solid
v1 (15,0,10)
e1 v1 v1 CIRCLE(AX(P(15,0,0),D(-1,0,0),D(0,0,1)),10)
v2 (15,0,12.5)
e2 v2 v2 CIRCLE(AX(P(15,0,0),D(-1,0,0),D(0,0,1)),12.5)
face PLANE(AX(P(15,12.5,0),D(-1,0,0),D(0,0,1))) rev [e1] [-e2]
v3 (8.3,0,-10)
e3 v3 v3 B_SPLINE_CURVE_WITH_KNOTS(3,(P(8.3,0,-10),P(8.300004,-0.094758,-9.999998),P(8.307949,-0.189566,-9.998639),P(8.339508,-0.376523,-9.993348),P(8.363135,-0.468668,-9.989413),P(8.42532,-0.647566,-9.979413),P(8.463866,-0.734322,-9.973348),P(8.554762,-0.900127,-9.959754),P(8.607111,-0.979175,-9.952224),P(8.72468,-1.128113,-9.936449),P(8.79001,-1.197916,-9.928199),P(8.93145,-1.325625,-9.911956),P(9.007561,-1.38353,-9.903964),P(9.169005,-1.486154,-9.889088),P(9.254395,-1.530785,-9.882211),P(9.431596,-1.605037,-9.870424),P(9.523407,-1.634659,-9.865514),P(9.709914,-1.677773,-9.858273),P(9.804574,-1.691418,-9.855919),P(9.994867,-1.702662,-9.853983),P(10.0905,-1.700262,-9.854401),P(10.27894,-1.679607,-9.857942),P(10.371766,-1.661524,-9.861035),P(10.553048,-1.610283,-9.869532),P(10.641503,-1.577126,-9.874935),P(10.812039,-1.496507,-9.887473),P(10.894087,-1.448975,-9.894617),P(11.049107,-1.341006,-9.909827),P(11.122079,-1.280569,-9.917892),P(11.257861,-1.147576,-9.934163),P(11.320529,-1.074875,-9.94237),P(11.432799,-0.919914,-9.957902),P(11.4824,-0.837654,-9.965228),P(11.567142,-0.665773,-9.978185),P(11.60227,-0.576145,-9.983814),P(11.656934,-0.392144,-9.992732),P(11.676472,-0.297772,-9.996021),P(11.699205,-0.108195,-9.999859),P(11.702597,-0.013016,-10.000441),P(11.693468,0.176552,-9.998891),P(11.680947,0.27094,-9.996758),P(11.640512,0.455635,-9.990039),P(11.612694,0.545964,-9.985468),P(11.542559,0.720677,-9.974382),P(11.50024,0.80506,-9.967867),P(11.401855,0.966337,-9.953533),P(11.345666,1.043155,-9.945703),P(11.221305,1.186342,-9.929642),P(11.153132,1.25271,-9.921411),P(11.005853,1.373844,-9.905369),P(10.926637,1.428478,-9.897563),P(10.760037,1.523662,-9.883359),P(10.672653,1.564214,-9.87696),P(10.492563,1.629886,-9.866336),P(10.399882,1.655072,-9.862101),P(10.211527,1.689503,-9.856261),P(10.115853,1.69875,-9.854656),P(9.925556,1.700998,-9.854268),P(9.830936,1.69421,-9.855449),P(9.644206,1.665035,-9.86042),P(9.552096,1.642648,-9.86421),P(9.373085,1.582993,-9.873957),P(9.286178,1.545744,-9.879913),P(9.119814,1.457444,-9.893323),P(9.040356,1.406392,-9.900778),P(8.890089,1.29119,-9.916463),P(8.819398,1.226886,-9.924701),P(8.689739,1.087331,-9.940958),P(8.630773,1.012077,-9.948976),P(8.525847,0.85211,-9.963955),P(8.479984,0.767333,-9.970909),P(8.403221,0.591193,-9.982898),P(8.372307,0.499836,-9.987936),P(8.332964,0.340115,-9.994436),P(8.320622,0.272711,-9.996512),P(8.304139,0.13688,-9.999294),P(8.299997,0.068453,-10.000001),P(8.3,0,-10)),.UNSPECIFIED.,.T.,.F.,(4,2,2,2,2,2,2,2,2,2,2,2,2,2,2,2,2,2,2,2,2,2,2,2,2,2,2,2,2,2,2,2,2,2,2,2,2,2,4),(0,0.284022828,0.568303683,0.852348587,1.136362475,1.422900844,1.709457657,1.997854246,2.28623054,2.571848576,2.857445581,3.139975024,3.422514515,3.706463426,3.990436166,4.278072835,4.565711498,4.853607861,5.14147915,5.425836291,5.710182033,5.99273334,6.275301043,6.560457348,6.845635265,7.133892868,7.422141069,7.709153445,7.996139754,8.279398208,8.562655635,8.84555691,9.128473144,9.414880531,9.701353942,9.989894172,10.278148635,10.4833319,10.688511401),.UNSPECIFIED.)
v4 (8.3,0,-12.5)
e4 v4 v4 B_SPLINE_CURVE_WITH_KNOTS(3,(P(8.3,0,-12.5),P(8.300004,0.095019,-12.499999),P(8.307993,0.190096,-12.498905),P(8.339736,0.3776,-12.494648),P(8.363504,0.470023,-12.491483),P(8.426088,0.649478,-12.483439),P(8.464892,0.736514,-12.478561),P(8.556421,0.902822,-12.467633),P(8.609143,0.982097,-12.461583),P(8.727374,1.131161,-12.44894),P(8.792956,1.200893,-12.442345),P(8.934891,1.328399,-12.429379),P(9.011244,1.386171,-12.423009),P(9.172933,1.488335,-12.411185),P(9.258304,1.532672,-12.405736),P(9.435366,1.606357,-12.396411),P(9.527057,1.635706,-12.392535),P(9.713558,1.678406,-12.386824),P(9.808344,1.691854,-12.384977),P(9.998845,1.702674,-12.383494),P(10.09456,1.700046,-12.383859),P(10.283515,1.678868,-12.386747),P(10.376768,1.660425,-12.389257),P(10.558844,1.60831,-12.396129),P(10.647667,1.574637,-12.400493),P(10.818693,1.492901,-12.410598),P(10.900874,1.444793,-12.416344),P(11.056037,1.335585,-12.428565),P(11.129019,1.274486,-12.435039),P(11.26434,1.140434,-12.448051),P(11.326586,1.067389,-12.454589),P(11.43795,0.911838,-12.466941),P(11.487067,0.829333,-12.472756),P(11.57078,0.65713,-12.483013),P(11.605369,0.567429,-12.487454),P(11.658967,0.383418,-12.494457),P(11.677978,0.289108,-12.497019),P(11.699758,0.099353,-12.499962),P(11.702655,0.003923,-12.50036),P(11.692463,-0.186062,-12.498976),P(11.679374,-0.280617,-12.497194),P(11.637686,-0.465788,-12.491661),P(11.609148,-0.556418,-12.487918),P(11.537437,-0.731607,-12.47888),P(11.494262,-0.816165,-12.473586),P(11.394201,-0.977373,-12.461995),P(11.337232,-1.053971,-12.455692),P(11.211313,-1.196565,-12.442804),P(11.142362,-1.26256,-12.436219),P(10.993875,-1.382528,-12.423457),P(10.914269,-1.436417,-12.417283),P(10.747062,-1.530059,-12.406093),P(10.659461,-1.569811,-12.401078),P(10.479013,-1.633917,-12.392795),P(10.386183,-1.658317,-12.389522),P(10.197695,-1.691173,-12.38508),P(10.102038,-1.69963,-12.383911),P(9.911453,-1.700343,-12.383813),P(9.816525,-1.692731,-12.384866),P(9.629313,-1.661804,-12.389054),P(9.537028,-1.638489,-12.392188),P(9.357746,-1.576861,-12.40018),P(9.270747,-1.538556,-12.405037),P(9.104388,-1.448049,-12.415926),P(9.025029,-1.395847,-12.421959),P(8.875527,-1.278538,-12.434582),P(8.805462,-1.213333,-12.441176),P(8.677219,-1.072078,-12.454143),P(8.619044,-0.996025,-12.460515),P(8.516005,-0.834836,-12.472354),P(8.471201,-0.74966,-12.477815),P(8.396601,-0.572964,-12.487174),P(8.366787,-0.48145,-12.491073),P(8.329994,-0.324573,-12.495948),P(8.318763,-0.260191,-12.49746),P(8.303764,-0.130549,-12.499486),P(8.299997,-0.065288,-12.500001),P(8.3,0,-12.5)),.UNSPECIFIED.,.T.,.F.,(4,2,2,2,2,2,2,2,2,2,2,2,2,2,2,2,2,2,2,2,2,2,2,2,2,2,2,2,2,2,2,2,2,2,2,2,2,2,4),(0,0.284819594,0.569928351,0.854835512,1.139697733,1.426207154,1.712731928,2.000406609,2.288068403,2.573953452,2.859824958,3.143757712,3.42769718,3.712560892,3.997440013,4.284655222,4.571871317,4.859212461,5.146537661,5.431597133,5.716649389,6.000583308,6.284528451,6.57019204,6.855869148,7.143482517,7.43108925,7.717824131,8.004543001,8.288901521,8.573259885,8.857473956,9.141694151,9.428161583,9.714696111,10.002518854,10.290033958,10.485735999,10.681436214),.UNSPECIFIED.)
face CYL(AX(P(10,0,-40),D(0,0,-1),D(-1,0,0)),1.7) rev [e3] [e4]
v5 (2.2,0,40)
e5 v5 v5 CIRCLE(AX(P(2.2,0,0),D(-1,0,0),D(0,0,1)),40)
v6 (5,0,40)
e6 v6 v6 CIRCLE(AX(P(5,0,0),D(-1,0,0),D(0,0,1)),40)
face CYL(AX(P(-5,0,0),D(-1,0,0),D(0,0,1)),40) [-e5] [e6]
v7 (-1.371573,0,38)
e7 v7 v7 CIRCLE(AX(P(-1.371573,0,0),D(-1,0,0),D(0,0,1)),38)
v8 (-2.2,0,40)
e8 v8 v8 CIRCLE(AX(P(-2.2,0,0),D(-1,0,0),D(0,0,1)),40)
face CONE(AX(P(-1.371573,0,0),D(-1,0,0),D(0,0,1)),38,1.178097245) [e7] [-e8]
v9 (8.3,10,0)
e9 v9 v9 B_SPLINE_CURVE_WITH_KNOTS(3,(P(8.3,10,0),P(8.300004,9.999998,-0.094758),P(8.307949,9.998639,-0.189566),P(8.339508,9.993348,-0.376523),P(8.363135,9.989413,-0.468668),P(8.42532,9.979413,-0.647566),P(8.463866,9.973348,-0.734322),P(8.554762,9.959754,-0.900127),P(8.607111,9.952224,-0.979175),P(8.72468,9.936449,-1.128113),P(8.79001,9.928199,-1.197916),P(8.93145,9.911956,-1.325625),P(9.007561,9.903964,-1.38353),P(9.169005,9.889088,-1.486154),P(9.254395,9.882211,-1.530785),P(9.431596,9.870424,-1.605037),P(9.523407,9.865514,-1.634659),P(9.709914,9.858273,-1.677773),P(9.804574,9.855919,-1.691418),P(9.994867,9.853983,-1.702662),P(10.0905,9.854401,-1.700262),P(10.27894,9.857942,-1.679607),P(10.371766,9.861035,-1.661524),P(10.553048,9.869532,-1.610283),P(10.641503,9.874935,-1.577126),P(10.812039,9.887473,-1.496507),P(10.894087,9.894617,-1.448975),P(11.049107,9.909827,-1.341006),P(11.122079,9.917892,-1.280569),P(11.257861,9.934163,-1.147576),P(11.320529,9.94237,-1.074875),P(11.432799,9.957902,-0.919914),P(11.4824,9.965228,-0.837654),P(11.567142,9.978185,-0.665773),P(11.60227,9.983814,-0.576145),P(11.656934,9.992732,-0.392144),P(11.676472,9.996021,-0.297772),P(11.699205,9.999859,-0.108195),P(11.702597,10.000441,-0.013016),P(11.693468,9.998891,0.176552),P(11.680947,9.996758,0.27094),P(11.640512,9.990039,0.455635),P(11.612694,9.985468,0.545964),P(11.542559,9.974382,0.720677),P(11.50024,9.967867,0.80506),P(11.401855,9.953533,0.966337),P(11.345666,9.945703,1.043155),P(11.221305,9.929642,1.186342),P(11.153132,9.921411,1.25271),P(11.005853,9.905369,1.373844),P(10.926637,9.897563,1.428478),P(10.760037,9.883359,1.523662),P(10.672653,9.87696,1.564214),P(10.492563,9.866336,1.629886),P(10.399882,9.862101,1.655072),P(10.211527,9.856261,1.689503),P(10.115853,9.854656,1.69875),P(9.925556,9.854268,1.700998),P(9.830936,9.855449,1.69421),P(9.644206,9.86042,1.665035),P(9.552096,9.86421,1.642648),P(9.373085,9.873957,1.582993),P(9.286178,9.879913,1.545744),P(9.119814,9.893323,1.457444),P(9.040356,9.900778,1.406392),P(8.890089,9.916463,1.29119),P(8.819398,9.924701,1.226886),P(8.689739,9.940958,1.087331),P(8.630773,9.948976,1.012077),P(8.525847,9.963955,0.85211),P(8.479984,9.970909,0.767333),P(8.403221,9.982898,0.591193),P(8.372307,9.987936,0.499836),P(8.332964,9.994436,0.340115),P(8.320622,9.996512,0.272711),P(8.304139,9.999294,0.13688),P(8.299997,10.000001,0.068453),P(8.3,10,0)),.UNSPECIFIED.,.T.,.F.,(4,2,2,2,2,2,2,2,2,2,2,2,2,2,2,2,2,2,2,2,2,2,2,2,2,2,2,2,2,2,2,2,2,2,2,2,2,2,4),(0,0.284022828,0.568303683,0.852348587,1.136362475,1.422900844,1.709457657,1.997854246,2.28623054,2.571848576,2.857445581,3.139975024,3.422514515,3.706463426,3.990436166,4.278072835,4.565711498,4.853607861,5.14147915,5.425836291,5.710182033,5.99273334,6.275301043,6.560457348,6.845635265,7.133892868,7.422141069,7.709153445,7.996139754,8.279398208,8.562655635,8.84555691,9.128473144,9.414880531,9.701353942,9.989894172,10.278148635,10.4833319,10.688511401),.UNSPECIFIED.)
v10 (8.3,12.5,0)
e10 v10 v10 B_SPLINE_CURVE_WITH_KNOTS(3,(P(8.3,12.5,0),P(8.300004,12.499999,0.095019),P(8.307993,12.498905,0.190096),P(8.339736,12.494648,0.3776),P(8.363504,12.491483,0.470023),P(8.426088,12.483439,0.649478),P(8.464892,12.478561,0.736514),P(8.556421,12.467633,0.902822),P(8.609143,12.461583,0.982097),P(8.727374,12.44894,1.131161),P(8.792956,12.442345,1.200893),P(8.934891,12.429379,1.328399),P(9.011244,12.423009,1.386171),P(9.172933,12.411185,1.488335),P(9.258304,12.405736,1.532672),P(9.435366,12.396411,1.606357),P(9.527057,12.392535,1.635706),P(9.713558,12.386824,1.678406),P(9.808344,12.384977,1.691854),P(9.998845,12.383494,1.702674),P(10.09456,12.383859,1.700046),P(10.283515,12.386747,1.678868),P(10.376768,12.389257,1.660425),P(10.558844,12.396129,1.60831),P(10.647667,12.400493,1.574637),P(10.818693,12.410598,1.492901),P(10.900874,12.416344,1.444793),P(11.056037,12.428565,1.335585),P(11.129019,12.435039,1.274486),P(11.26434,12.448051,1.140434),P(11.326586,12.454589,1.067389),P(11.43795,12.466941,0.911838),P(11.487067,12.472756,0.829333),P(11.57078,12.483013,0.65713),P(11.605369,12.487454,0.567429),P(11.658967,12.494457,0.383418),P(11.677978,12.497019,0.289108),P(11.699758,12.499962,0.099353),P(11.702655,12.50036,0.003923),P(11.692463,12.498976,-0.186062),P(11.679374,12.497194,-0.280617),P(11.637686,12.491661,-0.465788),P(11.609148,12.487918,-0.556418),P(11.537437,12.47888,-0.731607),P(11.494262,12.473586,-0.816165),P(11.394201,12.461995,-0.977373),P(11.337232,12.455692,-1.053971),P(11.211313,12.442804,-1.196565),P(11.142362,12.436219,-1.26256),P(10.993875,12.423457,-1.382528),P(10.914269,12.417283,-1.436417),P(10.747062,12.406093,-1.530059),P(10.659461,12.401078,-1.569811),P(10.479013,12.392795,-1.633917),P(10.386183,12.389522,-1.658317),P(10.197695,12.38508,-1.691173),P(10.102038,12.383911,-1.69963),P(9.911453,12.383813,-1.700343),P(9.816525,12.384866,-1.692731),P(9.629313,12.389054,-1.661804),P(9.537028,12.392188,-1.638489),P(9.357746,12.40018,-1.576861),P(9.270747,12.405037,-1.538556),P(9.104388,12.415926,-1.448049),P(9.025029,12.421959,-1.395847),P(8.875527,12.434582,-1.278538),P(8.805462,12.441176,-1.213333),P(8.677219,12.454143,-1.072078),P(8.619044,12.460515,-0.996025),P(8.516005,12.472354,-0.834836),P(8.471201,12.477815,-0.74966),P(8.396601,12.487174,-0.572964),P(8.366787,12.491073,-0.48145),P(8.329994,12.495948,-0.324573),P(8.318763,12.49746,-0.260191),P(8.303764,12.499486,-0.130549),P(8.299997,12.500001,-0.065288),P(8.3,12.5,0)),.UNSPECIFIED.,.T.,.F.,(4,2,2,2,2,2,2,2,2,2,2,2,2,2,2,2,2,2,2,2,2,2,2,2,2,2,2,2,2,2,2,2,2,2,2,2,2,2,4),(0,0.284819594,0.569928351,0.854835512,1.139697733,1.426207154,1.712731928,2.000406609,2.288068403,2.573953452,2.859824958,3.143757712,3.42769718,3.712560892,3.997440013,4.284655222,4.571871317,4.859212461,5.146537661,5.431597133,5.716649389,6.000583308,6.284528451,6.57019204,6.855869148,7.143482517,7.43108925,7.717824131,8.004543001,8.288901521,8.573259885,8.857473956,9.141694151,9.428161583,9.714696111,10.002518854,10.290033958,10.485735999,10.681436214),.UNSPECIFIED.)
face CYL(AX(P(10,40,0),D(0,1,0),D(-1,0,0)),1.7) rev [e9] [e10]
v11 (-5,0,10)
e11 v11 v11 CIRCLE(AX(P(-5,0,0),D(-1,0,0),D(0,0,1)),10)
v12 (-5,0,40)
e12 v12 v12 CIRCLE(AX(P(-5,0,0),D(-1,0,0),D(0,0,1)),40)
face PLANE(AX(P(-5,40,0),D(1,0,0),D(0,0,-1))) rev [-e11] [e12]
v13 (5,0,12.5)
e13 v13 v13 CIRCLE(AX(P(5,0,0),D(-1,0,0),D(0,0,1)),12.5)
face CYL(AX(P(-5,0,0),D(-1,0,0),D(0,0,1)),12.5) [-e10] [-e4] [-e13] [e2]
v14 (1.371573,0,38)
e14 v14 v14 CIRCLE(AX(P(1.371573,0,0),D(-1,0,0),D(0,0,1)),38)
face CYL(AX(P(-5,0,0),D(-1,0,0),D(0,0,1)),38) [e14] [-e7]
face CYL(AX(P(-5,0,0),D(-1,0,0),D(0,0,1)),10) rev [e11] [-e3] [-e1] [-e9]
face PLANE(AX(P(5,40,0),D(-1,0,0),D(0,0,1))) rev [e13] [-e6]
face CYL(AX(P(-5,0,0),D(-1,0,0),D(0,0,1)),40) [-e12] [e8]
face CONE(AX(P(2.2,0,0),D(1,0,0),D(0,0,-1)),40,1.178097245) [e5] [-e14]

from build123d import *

# Parameters (mm, degrees)
SKETCH_7_W               = 1.7
SKETCH_7_H               = 40
PATTERN_CIRCULAR_2_COUNT = 2
PATTERN_CIRCULAR_2_ANGLE = 90


with BuildPart() as part:
    # 草图6 → 旋转2 (revolve)
    with BuildSketch(Plane.XY, mode=Mode.PRIVATE) as revolve_2_sk:
        Polygon((15, 12.5), (15, 10), (-5, 10), (-5, 40), (-2.2, 40), (-1.371572875, 38), (1.371572875, 38), (2.2, 40), (5, 40), (5, 12.5), align=None)
    revolve(revolve_2_sk.sketch.rotate(Axis((-5, 0, 0), (1, 0, 0)), 90), axis=Axis((-5, 0, 0), (1, 0, 0)))

    # 草图7 → 切除-旋转3 (revolve, cut)
    with BuildSketch(Plane.XY, mode=Mode.PRIVATE) as cut_revolve_3_sk:
        with Locations((10.85, 20)):
            Rectangle(SKETCH_7_W, SKETCH_7_H)
    cut_revolve_3 = revolve(cut_revolve_3_sk.sketch.rotate(Axis((10, 40, 0), (0, -1, 0)), 180), axis=Axis((10, 40, 0), (0, -1, 0)), mode=Mode.SUBTRACT)

    # 阵列(圆周)2: 切除-旋转3 ×2 about axis
    pattern_circular_2_axis = Axis((-5, 0, 0), (-1, 0, 0))
    for i in range(1, PATTERN_CIRCULAR_2_COUNT):
        add(cut_revolve_3.rotate(pattern_circular_2_axis, i * PATTERN_CIRCULAR_2_ANGLE / (PATTERN_CIRCULAR_2_COUNT - 1)), mode=Mode.SUBTRACT)


solid = part.part
